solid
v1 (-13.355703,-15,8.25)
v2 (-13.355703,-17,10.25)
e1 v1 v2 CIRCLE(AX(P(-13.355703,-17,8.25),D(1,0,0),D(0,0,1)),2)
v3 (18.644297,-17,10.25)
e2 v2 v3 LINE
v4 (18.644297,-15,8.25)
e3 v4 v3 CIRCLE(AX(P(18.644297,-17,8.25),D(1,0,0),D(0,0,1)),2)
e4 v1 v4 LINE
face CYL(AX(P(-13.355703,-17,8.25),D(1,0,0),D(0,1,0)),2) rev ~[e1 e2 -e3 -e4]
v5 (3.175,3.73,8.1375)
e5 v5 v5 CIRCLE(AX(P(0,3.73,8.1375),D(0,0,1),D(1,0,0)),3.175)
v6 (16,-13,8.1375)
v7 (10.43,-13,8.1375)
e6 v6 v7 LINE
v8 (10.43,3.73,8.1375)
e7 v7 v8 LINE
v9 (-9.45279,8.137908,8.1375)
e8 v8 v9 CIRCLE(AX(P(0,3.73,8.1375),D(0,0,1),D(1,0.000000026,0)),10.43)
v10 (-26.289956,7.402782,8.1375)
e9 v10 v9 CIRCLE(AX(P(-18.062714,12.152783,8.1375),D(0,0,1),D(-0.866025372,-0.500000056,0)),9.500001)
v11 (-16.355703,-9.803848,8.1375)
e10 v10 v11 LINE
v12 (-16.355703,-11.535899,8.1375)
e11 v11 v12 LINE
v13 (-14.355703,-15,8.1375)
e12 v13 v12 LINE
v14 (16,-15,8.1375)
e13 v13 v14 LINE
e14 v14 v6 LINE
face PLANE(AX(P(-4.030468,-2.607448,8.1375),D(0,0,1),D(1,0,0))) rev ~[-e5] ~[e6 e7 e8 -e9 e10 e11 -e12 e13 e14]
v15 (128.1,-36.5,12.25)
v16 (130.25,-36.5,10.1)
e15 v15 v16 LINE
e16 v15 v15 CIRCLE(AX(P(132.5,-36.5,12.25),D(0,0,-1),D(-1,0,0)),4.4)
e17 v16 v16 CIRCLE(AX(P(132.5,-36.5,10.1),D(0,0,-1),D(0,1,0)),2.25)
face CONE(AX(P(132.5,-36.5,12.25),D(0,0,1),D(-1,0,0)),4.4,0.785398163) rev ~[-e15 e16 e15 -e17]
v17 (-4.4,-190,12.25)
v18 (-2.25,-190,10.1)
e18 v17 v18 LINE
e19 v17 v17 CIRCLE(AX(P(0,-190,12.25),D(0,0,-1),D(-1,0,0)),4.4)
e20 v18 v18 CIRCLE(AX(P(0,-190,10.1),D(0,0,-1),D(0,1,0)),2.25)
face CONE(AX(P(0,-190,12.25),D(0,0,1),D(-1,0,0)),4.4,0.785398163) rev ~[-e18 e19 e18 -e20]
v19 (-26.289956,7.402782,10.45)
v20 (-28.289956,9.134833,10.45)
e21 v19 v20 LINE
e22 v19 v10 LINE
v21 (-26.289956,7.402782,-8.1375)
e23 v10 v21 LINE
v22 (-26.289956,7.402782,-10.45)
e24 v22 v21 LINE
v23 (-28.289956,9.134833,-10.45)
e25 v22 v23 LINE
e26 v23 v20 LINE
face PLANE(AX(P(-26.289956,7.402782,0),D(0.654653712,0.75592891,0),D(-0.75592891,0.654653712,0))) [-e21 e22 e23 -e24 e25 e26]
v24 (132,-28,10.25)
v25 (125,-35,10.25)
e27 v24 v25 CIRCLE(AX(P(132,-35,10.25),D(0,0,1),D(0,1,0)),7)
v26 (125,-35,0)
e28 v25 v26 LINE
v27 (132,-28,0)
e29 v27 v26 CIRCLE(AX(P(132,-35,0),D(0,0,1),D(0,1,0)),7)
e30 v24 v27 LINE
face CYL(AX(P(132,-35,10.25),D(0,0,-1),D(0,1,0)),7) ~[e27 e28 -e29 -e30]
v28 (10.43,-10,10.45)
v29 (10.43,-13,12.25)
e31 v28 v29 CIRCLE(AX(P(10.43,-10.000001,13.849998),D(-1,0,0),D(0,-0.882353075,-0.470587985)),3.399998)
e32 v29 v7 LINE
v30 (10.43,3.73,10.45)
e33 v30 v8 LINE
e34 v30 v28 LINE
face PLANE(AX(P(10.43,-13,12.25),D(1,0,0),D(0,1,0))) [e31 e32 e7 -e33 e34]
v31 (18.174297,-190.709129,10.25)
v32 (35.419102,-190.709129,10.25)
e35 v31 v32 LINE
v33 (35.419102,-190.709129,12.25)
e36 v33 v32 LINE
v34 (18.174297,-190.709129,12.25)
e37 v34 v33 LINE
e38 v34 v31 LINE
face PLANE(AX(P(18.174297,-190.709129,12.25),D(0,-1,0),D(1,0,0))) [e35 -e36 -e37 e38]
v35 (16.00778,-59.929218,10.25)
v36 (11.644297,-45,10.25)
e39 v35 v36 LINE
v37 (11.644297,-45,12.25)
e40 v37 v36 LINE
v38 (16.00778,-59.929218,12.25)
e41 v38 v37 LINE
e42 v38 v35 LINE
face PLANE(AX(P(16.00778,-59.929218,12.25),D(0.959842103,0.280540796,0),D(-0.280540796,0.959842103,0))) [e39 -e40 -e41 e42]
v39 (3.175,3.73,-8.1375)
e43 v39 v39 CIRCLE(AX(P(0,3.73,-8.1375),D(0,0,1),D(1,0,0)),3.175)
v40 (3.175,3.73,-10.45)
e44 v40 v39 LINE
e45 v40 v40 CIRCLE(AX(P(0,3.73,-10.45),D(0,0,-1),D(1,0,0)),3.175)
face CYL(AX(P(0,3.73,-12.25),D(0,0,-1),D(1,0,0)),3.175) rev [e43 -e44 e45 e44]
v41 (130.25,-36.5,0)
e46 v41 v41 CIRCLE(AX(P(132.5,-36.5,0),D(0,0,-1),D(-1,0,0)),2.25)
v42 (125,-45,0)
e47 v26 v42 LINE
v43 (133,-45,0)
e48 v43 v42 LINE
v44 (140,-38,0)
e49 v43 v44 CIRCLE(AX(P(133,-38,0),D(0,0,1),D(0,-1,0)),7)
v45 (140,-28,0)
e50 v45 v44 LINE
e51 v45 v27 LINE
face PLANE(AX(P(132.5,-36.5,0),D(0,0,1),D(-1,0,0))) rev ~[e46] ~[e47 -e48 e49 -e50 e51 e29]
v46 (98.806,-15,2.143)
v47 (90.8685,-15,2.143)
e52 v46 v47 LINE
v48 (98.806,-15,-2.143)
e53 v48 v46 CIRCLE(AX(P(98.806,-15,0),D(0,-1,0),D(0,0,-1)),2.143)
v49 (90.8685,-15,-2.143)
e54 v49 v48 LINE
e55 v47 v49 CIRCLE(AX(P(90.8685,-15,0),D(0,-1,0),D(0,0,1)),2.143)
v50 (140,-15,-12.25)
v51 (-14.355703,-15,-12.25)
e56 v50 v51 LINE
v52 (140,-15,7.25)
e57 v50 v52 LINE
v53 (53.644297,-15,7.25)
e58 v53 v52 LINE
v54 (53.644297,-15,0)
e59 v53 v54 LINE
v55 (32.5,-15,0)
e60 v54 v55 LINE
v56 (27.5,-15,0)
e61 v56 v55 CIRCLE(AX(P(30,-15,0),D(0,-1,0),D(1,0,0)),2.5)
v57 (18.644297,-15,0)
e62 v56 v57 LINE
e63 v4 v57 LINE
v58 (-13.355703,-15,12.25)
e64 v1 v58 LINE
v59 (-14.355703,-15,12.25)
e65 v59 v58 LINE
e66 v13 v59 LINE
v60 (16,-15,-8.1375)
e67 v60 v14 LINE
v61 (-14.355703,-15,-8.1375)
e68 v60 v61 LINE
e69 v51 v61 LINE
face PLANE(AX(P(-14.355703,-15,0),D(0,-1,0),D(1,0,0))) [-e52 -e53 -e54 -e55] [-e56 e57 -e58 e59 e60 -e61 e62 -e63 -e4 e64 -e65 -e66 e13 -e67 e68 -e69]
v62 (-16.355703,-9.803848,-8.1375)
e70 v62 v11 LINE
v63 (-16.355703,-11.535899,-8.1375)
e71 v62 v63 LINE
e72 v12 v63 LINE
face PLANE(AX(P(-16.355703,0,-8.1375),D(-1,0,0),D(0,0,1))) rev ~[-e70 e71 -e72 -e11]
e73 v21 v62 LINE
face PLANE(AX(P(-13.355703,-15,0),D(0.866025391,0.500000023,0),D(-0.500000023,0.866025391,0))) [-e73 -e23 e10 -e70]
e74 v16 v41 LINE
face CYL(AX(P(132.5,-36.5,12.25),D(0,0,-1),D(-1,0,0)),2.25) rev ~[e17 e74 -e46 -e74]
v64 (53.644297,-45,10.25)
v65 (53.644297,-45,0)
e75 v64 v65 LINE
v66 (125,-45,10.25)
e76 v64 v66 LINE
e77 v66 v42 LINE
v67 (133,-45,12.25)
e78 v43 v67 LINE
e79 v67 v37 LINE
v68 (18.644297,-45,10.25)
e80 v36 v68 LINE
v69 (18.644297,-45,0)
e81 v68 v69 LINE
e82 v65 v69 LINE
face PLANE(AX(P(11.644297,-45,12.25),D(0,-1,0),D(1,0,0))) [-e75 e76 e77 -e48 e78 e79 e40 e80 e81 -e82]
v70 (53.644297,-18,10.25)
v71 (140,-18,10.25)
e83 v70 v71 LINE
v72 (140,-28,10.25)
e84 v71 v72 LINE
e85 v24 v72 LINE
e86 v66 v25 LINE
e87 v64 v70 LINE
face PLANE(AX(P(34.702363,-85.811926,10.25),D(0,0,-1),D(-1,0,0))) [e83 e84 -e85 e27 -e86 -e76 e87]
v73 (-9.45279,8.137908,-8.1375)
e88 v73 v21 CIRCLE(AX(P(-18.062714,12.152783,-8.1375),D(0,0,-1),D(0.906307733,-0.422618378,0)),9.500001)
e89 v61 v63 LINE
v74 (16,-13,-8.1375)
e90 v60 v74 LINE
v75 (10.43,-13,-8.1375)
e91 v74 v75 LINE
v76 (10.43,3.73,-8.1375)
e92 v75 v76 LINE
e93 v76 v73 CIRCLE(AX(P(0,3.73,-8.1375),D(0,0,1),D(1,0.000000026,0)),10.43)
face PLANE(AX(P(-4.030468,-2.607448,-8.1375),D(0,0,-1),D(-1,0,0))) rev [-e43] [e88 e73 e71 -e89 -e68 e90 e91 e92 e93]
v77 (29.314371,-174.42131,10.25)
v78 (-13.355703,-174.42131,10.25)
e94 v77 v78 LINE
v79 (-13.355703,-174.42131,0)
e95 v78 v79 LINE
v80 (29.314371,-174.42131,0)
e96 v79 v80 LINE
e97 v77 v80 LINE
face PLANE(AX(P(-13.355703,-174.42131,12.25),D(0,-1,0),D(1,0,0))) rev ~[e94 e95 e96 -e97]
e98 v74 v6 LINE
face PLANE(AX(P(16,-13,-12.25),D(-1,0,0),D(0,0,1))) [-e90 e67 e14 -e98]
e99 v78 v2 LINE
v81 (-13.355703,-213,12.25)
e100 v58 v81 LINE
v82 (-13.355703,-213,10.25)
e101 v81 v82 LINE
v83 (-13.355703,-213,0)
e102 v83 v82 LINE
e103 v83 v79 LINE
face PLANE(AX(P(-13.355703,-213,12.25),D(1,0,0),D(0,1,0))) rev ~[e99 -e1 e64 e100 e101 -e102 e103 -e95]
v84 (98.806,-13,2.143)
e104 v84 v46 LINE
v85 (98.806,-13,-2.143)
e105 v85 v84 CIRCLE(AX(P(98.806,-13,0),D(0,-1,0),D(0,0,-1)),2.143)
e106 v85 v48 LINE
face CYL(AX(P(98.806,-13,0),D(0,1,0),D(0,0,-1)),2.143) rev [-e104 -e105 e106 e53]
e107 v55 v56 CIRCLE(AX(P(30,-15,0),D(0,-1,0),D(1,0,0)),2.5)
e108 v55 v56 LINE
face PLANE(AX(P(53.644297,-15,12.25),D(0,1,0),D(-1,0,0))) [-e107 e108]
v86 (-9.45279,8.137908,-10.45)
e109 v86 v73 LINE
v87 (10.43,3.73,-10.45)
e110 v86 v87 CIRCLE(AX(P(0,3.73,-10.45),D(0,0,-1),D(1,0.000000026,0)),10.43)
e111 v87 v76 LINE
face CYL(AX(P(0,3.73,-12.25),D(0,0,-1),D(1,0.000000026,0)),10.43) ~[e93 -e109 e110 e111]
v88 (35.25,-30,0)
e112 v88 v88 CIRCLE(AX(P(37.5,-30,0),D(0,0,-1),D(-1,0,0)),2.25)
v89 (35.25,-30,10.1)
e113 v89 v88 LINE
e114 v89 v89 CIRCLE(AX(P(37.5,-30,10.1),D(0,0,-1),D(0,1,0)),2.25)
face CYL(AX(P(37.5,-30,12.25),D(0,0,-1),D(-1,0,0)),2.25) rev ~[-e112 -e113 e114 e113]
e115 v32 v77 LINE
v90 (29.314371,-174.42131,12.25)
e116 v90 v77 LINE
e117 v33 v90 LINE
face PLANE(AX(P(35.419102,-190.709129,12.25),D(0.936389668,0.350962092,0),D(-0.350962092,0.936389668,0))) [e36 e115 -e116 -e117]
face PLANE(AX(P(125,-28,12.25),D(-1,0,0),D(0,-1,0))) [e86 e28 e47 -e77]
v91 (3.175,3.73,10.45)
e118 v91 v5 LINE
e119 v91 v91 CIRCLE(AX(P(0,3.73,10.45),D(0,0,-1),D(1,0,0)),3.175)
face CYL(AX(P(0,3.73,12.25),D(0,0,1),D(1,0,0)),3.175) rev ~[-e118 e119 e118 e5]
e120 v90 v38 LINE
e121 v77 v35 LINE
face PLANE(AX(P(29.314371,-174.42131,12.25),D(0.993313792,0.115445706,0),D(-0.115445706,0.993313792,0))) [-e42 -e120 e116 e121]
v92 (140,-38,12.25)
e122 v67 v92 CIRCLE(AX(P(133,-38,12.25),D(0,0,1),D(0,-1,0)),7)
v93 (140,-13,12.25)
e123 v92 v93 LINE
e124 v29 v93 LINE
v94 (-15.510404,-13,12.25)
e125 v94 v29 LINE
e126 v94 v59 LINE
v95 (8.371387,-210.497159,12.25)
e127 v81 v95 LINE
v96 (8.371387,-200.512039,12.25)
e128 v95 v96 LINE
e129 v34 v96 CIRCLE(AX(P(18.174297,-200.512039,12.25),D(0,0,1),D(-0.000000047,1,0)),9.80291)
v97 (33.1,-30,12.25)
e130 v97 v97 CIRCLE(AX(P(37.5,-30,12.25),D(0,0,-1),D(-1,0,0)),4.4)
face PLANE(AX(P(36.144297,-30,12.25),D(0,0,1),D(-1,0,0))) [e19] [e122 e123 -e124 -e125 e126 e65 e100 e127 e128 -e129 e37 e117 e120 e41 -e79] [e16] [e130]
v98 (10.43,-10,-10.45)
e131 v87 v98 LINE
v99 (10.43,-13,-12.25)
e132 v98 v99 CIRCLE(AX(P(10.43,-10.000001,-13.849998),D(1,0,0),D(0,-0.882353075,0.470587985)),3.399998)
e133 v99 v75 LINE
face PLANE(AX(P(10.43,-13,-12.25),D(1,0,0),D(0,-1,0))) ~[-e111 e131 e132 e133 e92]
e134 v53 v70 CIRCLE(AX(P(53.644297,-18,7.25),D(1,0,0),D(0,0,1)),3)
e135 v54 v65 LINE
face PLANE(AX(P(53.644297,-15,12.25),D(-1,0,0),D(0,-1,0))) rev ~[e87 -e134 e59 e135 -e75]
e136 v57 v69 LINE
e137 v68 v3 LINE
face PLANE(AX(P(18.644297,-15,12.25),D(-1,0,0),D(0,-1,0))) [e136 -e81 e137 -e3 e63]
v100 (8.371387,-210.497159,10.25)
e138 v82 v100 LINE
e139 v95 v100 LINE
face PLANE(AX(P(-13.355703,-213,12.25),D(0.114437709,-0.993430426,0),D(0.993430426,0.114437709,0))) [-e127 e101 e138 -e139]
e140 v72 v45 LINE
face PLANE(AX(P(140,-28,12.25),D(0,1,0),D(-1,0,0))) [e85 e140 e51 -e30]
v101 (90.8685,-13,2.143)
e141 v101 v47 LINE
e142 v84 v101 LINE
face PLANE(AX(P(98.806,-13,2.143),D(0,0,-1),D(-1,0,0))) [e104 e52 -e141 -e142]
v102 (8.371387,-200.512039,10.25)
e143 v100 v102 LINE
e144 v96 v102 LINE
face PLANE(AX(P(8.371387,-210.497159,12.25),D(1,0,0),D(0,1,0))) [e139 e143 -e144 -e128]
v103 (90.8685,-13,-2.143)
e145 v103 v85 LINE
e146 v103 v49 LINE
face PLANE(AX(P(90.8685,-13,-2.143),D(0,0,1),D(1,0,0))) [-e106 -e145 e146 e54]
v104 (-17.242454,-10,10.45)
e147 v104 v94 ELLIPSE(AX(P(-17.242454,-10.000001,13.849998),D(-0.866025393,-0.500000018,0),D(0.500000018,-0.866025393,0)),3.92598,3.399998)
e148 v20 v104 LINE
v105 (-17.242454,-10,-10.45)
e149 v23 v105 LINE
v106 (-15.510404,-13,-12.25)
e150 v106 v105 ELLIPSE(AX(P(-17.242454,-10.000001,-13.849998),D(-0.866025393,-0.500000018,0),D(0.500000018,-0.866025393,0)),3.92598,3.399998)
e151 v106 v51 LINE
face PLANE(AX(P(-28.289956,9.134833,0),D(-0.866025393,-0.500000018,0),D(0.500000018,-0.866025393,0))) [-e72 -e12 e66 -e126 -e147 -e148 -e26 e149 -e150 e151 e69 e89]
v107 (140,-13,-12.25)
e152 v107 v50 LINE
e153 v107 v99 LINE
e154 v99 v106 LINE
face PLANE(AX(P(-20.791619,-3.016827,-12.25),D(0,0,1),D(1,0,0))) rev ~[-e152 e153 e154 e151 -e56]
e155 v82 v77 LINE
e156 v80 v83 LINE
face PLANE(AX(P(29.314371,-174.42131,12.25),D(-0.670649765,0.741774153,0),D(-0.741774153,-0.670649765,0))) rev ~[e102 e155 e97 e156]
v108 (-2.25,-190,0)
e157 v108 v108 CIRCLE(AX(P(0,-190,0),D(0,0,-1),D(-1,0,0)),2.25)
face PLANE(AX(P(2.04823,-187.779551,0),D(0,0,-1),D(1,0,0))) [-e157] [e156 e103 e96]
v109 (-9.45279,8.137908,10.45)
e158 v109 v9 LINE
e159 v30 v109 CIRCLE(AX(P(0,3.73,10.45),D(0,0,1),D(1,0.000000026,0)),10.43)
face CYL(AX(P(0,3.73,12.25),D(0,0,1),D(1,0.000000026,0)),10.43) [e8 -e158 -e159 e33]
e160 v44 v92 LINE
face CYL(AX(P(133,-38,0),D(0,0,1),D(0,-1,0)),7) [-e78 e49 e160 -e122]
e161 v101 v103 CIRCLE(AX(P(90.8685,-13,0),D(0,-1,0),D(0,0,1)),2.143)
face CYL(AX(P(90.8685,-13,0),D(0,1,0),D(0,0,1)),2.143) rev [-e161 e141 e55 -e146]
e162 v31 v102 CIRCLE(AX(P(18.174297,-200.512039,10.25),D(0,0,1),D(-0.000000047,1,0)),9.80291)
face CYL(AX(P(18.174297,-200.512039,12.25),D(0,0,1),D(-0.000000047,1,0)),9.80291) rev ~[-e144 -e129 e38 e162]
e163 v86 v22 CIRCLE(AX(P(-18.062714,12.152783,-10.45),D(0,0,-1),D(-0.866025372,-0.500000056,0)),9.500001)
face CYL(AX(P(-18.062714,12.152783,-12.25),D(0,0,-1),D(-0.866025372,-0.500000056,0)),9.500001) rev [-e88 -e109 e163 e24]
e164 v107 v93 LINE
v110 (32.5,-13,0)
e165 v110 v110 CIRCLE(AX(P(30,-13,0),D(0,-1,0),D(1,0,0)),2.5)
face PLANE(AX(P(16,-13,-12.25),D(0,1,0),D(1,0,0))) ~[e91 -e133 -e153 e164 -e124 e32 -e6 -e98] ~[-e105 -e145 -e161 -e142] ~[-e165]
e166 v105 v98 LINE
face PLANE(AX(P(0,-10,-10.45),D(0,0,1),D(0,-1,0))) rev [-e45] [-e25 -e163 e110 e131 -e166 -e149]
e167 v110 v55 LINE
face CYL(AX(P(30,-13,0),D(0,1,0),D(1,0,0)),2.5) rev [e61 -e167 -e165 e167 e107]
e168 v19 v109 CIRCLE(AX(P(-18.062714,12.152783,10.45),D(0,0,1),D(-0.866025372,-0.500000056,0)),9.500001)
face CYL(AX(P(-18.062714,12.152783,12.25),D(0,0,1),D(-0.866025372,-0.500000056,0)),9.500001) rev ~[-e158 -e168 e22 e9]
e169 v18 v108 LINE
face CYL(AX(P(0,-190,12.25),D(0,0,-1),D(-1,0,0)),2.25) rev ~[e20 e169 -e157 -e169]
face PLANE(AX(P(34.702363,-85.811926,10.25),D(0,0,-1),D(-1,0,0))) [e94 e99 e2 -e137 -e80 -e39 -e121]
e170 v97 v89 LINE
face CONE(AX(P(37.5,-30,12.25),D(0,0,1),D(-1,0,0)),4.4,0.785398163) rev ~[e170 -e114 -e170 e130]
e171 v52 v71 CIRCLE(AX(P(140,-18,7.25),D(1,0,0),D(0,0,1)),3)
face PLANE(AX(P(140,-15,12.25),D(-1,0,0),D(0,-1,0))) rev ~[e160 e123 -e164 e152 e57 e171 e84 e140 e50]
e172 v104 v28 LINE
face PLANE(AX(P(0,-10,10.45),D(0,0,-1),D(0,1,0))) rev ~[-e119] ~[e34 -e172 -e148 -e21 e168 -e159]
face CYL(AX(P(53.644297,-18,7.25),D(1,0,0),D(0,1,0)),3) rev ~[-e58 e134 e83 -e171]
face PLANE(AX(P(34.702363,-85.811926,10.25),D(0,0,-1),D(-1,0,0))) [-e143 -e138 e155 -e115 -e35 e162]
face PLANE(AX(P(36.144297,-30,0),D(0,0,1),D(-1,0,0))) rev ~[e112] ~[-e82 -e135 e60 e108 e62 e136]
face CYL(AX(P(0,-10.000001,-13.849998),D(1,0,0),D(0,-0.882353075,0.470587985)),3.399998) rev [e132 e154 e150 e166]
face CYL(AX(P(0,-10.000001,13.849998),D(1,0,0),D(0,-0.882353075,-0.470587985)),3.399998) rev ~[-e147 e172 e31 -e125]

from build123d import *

# Parameters (mm, degrees)
SKETCH007_W          = 124
SKETCH007_H          = 24.5
SKETCH007_R          = 2.5
PAD004_DEPTH         = 2
SKETCH006_R          = 3.175
PAD005_DEPTH         = 4.1125
PAD006_DEPTH         = 12.25
POCKET001_DEPTH      = 373.382623
POCKET001_DEPTH_BACK = 485.092667
PAD007_DEPTH         = 2
SKETCH011_W          = 35
SKETCH011_H          = 30
SKETCH011_W_2        = 15
SKETCH011_H_2        = 17
PAD008_DEPTH         = 12.25
HOLE_D               = 4.5
HOLE_CSINK_D         = 8.8
HOLE_CSINK_ANGLE     = 90
FILLET002_R          = 3
FILLET003_R          = 2
FILLET004_R          = 7
SKETCH017_W          = 3
SKETCH017_H          = 16.275
POCKET004_DEPTH      = 14.161
POCKET004_DEPTH_BACK = 213.001


with BuildPart() as part:
    # Sketch007 → Pad004 (new body)
    with BuildSketch(Plane.XZ.offset(13)):
        with Locations((78, 0)):
            Rectangle(SKETCH007_W, SKETCH007_H)
        with Locations((30, 0)):
            Circle(SKETCH007_R, mode=Mode.SUBTRACT)
        with BuildLine():
            ThreePointArc((90.8685, 2.143), (88.7255, 0), (90.8685, -2.143))
            Line((90.8685, -2.143), (98.806, -2.143))
            ThreePointArc((98.806, -2.143), (100.949, 0), (98.806, 2.143))
            Line((98.806, 2.143), (90.8685, 2.143))
        make_face(mode=Mode.SUBTRACT)
    extrude(amount=PAD004_DEPTH)

    # Sketch006 → Pad005 (join)
    with BuildSketch(Plane.XY.offset(12.25)):
        with BuildLine():
            Line((16, -13), (10.43, -13))
            Line((10.43, -13), (10.43, 3.73))
            ThreePointArc((10.43, 3.73), (2.257465, 13.912767), (-9.45279, 8.137908))
            ThreePointArc((-26.289956, 7.402782), (-17.64833, 2.661824), (-9.45279, 8.137908))
            Line((-26.289956, 7.402782), (-13.355703, -15))
            Line((-13.355703, -15), (16, -15))
            Line((16, -15), (16, -13))
        make_face()
        with Locations((0, 3.73)):
            Circle(SKETCH006_R, mode=Mode.SUBTRACT)
    pad005 = extrude(amount=-PAD005_DEPTH)

    # Mirrored001: Pad005 across XY
    add(pad005.mirror(Plane.XY))

    # Sketch008 → Pad006 (join, symmetric)
    with BuildSketch(Plane.XY):
        Polygon((-26.289956, 7.402782), (-28.289956, 9.134833), (-14.355703, -15), (-13.355703, -15), align=None)
    extrude(amount=PAD006_DEPTH, both=True)

    # Sketch009 → Pocket001 (cut, two sides)
    with BuildSketch(Plane.YZ) as pocket001_sk:
        with BuildLine():
            ThreePointArc((-13, 12.25), (-11.749286, 10.934524), (-10, 10.45))
            Line((-10, 10.45), (14.16, 10.45))
            Line((14.16, 12.25), (14.16, 10.45))
            Line((14.16, 12.25), (-13, 12.25))
        make_face()
    pocket001 = extrude(amount=-POCKET001_DEPTH, mode=Mode.SUBTRACT) + extrude(pocket001_sk.sketch, amount=POCKET001_DEPTH_BACK, mode=Mode.SUBTRACT)

    # Mirrored002: Pocket001 across Sketch009 H_Axis
    add(pocket001.mirror(Plane.XY), mode=Mode.SUBTRACT)

    # Sketch010 → Pad007 (join)
    with BuildSketch(Plane.XY.offset(12.25)):
        with BuildLine():
            Line((-13.355703, -15), (140, -15))
            Line((140, -15), (140, -45))
            Line((11.644297, -45), (140, -45))
            Line((16.00778, -59.929218), (11.644297, -45))
            Line((29.314371, -174.42131), (16.00778, -59.929218))
            Line((35.419102, -190.709129), (29.314371, -174.42131))
            Line((18.174297, -190.709129), (35.419102, -190.709129))
            ThreePointArc((18.174297, -190.709129), (11.242593, -193.580335), (8.371387, -200.512039))
            Line((8.371387, -210.497159), (8.371387, -200.512039))
            Line((-13.355703, -213), (8.371387, -210.497159))
            Line((-13.355703, -213), (-13.355703, -15))
        make_face()
    extrude(amount=-PAD007_DEPTH)

    # Sketch011 (on Face7 of Pad007) → Pad008 (join)
    with BuildSketch(Plane(origin=(0, 0, 12.25), x_dir=(-1, 0, 0), z_dir=(0, 0, 1))):
        with Locations((-36.144297, 30)):
            Rectangle(SKETCH011_W, SKETCH011_H)
        with Locations((-132.5, 36.5)):
            Rectangle(SKETCH011_W_2, SKETCH011_H_2)
        Polygon((13.355703, 174.42131), (-29.314371, 174.42131), (13.355703, 213), align=None)
    extrude(amount=-PAD008_DEPTH)

    # Hole (through all)
    with Locations(Plane.XY.offset(12.25)):
        with Locations((0, -190), (37.5, -30), (132.5, -36.5)):
            CounterSinkHole(HOLE_D / 2, HOLE_CSINK_D / 2, counter_sink_angle=HOLE_CSINK_ANGLE)

    # Fillet002
    fillet002_edges = [part.edges().sort_by_distance(p)[0] for p in [
        (96.822148, -15, 10.25),
    ]]
    fillet(fillet002_edges, radius=FILLET002_R)

    # Fillet003
    fillet003_edges = [part.edges().sort_by_distance(p)[0] for p in [
        (2.644297, -15, 10.25),
    ]]
    fillet(fillet003_edges, radius=FILLET003_R)

    # Fillet004
    fillet004_edges = [part.edges().sort_by_distance(p)[0] for p in [
        (125, -28, 5.125),
        (140, -45, 5.125),
    ]]
    fillet(fillet004_edges, radius=FILLET004_R)

    # Sketch017 → Pocket004 (cut, two sides)
    with BuildSketch(Plane.XZ) as pocket004_sk:
        with Locations((-14.855703, 0)):
            Rectangle(SKETCH017_W, SKETCH017_H)
    extrude(amount=-POCKET004_DEPTH, mode=Mode.SUBTRACT)
    extrude(pocket004_sk.sketch, amount=POCKET004_DEPTH_BACK, mode=Mode.SUBTRACT)


solid = part.part
